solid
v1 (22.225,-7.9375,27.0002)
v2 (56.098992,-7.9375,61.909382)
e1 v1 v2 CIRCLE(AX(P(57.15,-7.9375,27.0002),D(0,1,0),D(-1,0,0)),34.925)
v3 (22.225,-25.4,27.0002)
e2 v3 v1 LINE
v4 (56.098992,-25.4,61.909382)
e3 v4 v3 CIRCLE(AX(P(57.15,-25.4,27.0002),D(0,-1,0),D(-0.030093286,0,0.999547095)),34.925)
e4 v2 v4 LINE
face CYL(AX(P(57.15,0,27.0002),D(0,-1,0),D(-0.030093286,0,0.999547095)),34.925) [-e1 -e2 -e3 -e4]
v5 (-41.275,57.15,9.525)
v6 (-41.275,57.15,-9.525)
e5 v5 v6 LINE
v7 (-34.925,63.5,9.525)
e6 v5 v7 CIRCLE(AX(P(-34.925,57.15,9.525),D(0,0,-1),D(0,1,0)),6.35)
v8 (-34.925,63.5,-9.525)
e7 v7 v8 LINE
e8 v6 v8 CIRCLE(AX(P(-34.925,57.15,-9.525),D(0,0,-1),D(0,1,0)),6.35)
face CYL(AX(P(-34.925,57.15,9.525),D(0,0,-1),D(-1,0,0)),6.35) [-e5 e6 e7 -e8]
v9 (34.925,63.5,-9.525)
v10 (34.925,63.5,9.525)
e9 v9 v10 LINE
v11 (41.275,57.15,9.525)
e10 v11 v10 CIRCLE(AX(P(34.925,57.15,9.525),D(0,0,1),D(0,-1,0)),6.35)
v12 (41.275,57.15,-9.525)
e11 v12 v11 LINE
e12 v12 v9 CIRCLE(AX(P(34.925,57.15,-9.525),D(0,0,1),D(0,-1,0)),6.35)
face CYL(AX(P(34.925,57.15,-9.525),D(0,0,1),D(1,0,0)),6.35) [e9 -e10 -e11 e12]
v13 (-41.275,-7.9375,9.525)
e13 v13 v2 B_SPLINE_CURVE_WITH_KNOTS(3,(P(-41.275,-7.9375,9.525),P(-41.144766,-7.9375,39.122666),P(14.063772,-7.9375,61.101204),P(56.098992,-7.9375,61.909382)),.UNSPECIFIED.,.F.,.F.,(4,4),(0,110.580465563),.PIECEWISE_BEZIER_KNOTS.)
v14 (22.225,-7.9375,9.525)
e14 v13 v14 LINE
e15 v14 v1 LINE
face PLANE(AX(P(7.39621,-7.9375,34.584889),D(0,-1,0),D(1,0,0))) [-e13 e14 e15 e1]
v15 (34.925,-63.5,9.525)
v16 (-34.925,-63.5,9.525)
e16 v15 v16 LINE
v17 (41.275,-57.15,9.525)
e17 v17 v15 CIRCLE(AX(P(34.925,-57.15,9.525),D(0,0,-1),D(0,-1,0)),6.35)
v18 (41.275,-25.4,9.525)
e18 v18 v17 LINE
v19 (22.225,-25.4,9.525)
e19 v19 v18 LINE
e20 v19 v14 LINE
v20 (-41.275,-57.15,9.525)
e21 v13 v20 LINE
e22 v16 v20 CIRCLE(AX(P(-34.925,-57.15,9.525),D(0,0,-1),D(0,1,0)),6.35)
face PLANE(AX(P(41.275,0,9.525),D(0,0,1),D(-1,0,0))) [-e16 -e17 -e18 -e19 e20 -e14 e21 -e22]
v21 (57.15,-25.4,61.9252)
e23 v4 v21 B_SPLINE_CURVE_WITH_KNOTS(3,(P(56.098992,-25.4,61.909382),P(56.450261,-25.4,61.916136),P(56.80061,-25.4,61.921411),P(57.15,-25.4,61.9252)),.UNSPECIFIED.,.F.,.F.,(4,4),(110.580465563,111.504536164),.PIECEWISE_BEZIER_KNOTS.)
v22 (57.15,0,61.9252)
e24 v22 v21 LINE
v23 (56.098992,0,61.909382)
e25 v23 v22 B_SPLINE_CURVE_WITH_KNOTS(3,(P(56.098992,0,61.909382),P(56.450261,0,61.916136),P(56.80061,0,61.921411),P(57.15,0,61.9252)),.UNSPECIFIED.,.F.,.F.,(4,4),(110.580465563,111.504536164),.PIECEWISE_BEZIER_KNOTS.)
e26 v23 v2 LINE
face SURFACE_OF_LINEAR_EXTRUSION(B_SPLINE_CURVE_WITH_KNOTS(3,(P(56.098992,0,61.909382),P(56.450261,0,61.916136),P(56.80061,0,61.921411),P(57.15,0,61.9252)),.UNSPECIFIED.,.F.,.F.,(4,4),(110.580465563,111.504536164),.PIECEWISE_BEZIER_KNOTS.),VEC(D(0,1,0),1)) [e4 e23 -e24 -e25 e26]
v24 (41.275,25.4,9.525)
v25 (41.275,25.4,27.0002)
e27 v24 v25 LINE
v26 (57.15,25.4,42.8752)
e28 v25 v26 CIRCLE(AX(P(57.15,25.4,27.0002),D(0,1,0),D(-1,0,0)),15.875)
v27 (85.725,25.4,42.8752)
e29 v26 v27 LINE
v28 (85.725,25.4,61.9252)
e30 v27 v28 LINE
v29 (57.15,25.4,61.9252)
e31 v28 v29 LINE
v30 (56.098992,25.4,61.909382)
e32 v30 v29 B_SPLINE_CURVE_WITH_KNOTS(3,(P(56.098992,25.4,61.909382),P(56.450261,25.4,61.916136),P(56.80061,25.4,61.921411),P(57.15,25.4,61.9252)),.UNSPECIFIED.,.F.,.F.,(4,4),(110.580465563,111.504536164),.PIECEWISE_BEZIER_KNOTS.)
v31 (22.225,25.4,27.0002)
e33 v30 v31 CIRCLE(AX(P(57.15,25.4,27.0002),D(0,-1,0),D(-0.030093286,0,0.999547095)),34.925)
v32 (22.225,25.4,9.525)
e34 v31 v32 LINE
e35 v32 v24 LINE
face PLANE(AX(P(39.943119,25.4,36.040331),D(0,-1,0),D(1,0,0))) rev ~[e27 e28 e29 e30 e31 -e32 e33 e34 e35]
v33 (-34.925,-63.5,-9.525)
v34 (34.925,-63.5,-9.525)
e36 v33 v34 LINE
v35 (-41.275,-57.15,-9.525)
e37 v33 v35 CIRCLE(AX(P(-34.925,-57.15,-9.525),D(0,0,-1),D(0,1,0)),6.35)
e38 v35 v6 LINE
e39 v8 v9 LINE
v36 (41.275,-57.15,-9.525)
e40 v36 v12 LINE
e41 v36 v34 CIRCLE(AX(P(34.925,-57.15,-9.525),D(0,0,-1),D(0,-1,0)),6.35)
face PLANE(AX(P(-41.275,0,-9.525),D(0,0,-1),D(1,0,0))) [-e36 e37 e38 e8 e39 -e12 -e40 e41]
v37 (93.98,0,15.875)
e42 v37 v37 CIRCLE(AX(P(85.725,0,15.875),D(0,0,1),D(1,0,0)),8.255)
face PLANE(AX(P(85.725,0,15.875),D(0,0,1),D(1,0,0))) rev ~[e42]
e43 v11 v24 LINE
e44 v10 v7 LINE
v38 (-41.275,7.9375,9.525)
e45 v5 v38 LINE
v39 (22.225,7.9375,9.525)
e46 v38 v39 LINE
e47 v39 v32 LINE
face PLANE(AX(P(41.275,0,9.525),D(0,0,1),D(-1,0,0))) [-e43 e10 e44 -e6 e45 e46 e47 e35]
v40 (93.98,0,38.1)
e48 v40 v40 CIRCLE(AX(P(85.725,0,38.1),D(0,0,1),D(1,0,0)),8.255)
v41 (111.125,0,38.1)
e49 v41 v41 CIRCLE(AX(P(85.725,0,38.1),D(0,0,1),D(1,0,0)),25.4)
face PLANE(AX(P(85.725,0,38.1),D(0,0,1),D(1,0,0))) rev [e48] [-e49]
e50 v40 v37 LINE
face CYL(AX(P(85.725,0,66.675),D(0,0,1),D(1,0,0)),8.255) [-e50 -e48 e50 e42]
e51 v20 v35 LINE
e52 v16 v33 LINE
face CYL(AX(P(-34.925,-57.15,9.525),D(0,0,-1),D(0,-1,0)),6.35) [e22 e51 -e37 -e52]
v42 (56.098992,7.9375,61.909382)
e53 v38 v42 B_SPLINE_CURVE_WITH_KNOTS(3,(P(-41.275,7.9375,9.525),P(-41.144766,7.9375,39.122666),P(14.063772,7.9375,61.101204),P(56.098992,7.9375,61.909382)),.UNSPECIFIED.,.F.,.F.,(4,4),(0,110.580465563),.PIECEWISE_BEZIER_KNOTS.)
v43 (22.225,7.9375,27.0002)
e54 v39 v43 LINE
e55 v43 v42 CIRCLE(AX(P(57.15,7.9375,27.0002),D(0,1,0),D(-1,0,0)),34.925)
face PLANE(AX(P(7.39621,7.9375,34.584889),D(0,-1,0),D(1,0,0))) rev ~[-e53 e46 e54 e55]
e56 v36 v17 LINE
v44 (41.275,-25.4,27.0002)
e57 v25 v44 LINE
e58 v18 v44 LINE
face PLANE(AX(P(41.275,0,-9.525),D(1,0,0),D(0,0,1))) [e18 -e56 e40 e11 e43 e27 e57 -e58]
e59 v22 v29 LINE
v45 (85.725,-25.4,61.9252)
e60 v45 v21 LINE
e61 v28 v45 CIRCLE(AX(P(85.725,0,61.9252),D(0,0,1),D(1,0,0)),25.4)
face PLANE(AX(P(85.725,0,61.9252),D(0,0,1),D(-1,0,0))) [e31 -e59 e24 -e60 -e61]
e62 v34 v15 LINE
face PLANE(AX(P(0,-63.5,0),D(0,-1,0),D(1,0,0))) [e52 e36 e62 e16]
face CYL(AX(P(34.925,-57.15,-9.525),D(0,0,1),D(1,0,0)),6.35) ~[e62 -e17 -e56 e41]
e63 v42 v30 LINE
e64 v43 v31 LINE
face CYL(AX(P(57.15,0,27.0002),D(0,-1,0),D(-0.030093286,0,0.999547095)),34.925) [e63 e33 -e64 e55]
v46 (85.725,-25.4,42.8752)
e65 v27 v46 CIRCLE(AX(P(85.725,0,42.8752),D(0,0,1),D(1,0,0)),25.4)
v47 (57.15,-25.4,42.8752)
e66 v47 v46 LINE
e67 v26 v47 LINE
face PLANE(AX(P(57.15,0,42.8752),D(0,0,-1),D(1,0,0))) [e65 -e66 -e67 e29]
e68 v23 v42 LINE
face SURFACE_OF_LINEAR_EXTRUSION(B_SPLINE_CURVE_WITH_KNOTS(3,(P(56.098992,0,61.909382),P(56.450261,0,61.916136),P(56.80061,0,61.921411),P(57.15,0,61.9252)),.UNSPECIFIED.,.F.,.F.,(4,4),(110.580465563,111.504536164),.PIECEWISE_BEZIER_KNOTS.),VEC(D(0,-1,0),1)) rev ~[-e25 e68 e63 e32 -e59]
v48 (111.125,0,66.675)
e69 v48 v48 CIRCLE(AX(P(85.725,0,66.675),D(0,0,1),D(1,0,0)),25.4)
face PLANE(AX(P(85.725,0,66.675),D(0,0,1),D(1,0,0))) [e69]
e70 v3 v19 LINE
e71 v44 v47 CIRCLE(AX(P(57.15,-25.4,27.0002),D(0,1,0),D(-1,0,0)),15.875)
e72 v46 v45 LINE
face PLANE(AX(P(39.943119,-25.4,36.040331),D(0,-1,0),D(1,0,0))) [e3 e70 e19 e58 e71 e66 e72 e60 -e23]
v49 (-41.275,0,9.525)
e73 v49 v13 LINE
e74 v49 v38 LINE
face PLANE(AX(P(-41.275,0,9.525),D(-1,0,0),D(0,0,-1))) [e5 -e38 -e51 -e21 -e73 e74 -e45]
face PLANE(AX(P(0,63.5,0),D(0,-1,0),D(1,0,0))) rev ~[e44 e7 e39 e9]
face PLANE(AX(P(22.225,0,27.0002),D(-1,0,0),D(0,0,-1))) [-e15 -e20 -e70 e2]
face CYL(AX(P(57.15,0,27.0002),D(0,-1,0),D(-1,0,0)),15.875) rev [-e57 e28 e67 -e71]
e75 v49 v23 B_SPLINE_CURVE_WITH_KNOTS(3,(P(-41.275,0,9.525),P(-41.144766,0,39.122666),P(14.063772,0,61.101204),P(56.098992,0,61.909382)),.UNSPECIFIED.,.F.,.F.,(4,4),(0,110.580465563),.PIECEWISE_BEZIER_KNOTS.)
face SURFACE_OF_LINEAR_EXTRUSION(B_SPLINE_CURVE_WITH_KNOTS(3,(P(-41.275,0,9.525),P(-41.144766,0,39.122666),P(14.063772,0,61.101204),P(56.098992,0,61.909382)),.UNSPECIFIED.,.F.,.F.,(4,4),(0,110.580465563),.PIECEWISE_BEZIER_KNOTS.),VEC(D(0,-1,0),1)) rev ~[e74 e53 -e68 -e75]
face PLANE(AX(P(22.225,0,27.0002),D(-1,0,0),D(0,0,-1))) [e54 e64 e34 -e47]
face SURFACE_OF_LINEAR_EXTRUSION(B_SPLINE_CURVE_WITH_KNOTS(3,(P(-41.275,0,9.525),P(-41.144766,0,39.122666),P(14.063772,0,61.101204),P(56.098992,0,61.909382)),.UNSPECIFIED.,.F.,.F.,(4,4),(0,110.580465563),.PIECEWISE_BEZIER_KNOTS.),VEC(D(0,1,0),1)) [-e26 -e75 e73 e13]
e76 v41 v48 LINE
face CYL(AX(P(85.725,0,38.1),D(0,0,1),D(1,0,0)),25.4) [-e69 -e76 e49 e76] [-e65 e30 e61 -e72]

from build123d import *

# Parameters (mm, degrees)
F1_DEPTH = 63.5
F2_DEPTH = 7.9375
F0_W     = 25.4
F0_H     = 19.05
F3_DEPTH = 25.4
F5_R     = 6.35
F6_R     = 8.255
F7_DEPTH = 50.8


with BuildPart() as f1:
    # F0 (on Front) → F1 (new body, symmetric)
    with BuildSketch(Plane.XZ):
        Polygon((41.275, -9.525), (41.275, 9.525), (22.225, 9.525), (-41.275, 9.525), (-41.275, -9.525), align=None)
    extrude(amount=F1_DEPTH, both=True)

    # F0 (on Front) → F2 (join, symmetric)
    with BuildSketch(Plane.XZ):
        with BuildLine():
            Line((-41.275, 9.525), (22.225, 9.525))
            Line((22.225, 9.525), (22.225, 27.0002))
            ThreePointArc((22.225, 27.0002), (32.085462505, 51.3214784443), (56.0989919922, 61.9093822758))
            add(Edge.make_bspline(
                [(-41.275, 9.525), (-41.1447664314, 39.122666143), (14.0637717718, 61.1012042417), (56.0989919922, 61.9093822758)],
                knots=[0, 0, 0, 0, 110.5804655627, 110.5804655627, 110.5804655627, 110.5804655627], degree=3))
        make_face()
    extrude(amount=F2_DEPTH, both=True)

    # F0 (on Front) → F3 (join, symmetric)
    with BuildSketch(Plane.XZ):
        with BuildLine():
            Line((22.225, 9.525), (41.275, 9.525))
            Line((41.275, 9.525), (41.275, 27.0002))
            ThreePointArc((41.275, 27.0002), (45.9246798487, 38.2255201513), (57.15, 42.8752))
            Line((57.15, 42.8752), (60.325, 42.8752))
            Line((60.325, 42.8752), (60.325, 61.9252))
            Line((60.325, 61.9252), (57.15, 61.9252))
            add(Edge.make_bspline(
                [(56.0989919922, 61.9093822758), (56.450261188, 61.9161358517), (56.8006104667, 61.9214110624), (57.15, 61.9252)],
                knots=[110.5804655627, 110.5804655627, 110.5804655627, 110.5804655627, 111.5045361635, 111.5045361635, 111.5045361635, 111.5045361635], degree=3))
            ThreePointArc((56.0989919922, 61.9093822758), (32.085462505, 51.3214784443), (22.225, 27.0002))
            Line((22.225, 27.0002), (22.225, 9.525))
        make_face()
        with Locations((73.025, 52.4002)):
            Rectangle(F0_W, F0_H)
    extrude(amount=F3_DEPTH, both=True)

    # F0 (on Front) → F4 (revolve)
    with BuildSketch(Plane.XZ):
        Polygon((85.725, 61.9252), (85.725, 42.8752), (85.725, 38.1), (111.125, 38.1), (111.125, 66.675), (85.725, 66.675), align=None)
    revolve(axis=Axis((85.725, 0, 52.3875), (0, 0, 1)))

    # F5
    f5_edges = [f1.edges().sort_by_distance(p)[0] for p in [
        (-41.275, -63.5, 0),
        (41.275, -63.5, 0),
        (41.275, 63.5, 0),
        (-41.275, 63.5, 0),
    ]]
    fillet(f5_edges, radius=F5_R)

    # F6 (on face) → F7 (join)
    with BuildSketch(Plane.XY.offset(66.675)):
        with Locations((85.725, 0)):
            Circle(F6_R)
    extrude(amount=-F7_DEPTH)


solid = f1.part
